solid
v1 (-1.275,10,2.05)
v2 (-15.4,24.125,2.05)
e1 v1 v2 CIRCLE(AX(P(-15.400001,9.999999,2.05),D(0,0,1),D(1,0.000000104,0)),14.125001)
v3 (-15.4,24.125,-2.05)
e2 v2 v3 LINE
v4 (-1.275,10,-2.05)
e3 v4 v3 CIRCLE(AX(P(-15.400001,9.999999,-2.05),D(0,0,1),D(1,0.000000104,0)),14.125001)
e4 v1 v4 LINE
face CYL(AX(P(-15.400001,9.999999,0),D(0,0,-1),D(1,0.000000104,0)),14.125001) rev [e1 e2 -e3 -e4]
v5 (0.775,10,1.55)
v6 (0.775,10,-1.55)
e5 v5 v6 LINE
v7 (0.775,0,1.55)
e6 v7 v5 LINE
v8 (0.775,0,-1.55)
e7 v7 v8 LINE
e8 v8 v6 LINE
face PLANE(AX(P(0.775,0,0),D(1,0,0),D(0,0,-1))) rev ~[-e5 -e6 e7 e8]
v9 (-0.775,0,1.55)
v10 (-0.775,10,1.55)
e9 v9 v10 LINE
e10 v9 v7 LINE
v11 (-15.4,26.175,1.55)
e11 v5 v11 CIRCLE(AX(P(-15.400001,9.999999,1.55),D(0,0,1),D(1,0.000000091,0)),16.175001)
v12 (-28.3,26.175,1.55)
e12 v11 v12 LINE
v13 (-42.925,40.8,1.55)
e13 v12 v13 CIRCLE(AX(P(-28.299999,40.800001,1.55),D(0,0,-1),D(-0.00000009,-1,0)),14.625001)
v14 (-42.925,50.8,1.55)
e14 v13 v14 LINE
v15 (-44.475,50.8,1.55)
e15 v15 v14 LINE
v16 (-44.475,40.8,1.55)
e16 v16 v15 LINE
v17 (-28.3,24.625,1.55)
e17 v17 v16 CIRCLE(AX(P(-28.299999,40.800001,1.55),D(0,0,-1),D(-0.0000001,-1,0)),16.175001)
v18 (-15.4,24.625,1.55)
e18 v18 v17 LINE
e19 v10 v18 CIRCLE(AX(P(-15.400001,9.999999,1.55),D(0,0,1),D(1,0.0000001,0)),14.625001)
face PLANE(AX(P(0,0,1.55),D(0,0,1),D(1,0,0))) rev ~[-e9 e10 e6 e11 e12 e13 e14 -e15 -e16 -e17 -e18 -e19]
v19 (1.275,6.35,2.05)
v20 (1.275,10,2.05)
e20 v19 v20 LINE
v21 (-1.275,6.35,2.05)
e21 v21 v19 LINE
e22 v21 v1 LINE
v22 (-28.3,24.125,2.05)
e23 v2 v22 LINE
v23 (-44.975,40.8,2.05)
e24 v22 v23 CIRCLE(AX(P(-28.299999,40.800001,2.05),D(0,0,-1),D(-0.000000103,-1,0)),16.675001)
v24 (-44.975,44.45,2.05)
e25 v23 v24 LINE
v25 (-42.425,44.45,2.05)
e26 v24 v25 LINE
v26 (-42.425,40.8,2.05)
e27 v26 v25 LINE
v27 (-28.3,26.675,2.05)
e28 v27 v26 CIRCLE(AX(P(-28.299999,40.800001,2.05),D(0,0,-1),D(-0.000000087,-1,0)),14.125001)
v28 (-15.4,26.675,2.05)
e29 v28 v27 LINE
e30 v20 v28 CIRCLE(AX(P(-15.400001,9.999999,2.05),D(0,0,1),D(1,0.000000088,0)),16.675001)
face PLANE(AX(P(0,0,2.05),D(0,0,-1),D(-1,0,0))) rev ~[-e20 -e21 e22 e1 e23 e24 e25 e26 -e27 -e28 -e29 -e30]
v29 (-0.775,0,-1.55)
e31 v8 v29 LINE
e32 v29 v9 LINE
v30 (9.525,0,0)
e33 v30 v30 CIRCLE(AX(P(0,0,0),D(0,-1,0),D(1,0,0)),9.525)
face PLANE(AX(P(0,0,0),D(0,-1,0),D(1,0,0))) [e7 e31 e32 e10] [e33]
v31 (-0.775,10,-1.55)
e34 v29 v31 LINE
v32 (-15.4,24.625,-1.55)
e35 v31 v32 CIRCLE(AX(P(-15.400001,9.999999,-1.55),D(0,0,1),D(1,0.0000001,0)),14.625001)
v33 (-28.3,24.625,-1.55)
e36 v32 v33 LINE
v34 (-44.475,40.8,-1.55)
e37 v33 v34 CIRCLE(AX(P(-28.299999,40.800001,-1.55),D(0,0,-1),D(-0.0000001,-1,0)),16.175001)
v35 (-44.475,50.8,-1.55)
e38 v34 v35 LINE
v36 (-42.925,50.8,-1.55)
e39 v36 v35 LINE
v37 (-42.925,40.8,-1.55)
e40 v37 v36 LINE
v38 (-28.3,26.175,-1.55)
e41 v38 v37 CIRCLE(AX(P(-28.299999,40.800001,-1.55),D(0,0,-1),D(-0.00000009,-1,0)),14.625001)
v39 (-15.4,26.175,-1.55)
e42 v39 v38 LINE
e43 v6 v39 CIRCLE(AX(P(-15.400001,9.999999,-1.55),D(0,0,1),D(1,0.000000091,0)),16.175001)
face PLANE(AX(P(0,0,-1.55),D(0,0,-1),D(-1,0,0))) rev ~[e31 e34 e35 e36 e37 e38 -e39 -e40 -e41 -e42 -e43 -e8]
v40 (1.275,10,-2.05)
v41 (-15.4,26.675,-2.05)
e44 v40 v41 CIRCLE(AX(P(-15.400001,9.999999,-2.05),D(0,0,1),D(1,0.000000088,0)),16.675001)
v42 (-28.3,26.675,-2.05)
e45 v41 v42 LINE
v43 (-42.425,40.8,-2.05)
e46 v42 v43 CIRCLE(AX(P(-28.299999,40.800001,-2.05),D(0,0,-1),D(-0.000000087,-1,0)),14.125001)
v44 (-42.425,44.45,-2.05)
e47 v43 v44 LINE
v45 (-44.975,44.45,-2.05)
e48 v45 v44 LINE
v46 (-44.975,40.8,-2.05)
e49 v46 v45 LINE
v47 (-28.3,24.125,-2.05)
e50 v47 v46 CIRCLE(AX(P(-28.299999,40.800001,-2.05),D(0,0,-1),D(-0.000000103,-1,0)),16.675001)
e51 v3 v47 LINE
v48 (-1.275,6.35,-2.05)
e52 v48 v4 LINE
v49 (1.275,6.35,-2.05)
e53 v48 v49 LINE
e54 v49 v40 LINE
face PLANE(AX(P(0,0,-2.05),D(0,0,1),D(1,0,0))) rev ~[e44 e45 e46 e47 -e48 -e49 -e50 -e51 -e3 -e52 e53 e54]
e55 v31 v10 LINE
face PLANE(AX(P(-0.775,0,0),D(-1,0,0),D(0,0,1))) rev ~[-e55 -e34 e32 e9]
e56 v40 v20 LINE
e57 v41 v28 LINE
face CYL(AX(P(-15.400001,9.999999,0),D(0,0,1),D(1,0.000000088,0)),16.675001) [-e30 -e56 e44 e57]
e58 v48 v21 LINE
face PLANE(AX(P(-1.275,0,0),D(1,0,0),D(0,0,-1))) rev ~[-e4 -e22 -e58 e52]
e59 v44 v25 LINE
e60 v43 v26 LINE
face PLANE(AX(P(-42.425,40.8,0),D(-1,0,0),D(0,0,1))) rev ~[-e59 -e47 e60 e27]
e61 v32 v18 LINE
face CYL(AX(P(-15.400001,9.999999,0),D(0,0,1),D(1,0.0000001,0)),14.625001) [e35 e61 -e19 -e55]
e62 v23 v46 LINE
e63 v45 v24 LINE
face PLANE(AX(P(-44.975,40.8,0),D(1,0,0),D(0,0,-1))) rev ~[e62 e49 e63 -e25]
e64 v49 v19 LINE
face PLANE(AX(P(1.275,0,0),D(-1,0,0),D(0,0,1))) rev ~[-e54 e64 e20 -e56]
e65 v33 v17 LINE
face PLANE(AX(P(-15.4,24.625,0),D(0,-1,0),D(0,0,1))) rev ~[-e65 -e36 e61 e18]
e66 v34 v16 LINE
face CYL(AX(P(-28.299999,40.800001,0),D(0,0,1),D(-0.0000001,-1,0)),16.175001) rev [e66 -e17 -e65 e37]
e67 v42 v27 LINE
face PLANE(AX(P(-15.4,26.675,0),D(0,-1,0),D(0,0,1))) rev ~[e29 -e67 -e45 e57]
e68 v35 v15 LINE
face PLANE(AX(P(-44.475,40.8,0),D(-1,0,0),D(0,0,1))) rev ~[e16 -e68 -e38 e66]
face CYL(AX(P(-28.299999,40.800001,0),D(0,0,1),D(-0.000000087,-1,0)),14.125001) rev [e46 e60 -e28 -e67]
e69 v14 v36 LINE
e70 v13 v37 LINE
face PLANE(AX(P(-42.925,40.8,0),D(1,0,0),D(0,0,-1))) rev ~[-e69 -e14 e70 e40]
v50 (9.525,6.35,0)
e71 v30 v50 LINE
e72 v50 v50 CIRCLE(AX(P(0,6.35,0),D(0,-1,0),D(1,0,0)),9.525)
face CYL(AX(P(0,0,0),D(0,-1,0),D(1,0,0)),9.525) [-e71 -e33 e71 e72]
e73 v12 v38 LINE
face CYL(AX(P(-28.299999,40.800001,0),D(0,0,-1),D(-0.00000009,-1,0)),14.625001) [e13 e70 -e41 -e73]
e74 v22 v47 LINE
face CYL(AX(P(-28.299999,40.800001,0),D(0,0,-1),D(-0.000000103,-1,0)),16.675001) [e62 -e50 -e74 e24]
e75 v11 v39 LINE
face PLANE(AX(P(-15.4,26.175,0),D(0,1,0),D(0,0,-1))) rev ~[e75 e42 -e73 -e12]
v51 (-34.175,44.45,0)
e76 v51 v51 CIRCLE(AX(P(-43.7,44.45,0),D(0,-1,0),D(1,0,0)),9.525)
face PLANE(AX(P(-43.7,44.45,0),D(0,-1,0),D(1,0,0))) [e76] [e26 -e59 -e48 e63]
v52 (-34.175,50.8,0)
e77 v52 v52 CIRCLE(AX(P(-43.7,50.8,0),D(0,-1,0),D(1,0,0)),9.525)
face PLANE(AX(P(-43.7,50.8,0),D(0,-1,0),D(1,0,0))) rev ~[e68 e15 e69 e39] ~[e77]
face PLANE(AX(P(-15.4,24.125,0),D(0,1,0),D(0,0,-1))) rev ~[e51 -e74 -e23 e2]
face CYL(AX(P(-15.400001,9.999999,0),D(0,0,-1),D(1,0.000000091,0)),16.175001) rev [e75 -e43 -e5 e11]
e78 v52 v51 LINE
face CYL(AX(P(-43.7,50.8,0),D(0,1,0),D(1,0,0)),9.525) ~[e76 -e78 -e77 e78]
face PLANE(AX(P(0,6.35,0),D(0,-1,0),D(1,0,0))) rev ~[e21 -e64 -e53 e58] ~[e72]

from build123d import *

# Parameters (mm, degrees)
F1_W     = 2.55
F1_H     = 4.1
F1_W_2   = 1.55
F1_H_2   = 3.1
F1_R     = 9.525
F5_DEPTH = 6.35
F3_R     = 9.525
F3_W     = 2.55
F3_H     = 4.1
F6_DEPTH = 6.35


with BuildPart() as f4:
    # F4: sweep along a path in F0
    with BuildLine(Plane.XY) as f4_path:
        Line((0, 0), (0, 10))
        ThreePointArc((0, 10), (-4.510556, 20.889444), (-15.4, 25.4))
        Line((-15.4, 25.4), (-21.85, 25.4))
        Line((-21.85, 25.4), (-28.3, 25.4))
        ThreePointArc((-28.3, 25.4), (-39.189444, 29.910556), (-43.7, 40.8))
        Line((-43.7, 40.8), (-43.7, 50.8))
    # F1 (on Front) → F4 (sweep)
    with BuildSketch(Plane.XZ):
        Rectangle(F1_W, F1_H)
        Rectangle(F1_W_2, F1_H_2, mode=Mode.SUBTRACT)
    sweep(path=f4_path.line)

    # F1 (on Front) → F5 (join)
    with BuildSketch(Plane.XZ):
        Circle(F1_R)
        Rectangle(F1_W, F1_H, mode=Mode.SUBTRACT)
    extrude(amount=-F5_DEPTH)

    # F3 (on offset) → F6 (join)
    with BuildSketch(Plane.XZ.offset(-50.8)):
        with Locations((-43.7, 0)):
            Circle(F3_R)
        with Locations((-43.7, 0)):
            Rectangle(F3_W, F3_H, mode=Mode.SUBTRACT)
    extrude(amount=F6_DEPTH)


solid = f4.part
